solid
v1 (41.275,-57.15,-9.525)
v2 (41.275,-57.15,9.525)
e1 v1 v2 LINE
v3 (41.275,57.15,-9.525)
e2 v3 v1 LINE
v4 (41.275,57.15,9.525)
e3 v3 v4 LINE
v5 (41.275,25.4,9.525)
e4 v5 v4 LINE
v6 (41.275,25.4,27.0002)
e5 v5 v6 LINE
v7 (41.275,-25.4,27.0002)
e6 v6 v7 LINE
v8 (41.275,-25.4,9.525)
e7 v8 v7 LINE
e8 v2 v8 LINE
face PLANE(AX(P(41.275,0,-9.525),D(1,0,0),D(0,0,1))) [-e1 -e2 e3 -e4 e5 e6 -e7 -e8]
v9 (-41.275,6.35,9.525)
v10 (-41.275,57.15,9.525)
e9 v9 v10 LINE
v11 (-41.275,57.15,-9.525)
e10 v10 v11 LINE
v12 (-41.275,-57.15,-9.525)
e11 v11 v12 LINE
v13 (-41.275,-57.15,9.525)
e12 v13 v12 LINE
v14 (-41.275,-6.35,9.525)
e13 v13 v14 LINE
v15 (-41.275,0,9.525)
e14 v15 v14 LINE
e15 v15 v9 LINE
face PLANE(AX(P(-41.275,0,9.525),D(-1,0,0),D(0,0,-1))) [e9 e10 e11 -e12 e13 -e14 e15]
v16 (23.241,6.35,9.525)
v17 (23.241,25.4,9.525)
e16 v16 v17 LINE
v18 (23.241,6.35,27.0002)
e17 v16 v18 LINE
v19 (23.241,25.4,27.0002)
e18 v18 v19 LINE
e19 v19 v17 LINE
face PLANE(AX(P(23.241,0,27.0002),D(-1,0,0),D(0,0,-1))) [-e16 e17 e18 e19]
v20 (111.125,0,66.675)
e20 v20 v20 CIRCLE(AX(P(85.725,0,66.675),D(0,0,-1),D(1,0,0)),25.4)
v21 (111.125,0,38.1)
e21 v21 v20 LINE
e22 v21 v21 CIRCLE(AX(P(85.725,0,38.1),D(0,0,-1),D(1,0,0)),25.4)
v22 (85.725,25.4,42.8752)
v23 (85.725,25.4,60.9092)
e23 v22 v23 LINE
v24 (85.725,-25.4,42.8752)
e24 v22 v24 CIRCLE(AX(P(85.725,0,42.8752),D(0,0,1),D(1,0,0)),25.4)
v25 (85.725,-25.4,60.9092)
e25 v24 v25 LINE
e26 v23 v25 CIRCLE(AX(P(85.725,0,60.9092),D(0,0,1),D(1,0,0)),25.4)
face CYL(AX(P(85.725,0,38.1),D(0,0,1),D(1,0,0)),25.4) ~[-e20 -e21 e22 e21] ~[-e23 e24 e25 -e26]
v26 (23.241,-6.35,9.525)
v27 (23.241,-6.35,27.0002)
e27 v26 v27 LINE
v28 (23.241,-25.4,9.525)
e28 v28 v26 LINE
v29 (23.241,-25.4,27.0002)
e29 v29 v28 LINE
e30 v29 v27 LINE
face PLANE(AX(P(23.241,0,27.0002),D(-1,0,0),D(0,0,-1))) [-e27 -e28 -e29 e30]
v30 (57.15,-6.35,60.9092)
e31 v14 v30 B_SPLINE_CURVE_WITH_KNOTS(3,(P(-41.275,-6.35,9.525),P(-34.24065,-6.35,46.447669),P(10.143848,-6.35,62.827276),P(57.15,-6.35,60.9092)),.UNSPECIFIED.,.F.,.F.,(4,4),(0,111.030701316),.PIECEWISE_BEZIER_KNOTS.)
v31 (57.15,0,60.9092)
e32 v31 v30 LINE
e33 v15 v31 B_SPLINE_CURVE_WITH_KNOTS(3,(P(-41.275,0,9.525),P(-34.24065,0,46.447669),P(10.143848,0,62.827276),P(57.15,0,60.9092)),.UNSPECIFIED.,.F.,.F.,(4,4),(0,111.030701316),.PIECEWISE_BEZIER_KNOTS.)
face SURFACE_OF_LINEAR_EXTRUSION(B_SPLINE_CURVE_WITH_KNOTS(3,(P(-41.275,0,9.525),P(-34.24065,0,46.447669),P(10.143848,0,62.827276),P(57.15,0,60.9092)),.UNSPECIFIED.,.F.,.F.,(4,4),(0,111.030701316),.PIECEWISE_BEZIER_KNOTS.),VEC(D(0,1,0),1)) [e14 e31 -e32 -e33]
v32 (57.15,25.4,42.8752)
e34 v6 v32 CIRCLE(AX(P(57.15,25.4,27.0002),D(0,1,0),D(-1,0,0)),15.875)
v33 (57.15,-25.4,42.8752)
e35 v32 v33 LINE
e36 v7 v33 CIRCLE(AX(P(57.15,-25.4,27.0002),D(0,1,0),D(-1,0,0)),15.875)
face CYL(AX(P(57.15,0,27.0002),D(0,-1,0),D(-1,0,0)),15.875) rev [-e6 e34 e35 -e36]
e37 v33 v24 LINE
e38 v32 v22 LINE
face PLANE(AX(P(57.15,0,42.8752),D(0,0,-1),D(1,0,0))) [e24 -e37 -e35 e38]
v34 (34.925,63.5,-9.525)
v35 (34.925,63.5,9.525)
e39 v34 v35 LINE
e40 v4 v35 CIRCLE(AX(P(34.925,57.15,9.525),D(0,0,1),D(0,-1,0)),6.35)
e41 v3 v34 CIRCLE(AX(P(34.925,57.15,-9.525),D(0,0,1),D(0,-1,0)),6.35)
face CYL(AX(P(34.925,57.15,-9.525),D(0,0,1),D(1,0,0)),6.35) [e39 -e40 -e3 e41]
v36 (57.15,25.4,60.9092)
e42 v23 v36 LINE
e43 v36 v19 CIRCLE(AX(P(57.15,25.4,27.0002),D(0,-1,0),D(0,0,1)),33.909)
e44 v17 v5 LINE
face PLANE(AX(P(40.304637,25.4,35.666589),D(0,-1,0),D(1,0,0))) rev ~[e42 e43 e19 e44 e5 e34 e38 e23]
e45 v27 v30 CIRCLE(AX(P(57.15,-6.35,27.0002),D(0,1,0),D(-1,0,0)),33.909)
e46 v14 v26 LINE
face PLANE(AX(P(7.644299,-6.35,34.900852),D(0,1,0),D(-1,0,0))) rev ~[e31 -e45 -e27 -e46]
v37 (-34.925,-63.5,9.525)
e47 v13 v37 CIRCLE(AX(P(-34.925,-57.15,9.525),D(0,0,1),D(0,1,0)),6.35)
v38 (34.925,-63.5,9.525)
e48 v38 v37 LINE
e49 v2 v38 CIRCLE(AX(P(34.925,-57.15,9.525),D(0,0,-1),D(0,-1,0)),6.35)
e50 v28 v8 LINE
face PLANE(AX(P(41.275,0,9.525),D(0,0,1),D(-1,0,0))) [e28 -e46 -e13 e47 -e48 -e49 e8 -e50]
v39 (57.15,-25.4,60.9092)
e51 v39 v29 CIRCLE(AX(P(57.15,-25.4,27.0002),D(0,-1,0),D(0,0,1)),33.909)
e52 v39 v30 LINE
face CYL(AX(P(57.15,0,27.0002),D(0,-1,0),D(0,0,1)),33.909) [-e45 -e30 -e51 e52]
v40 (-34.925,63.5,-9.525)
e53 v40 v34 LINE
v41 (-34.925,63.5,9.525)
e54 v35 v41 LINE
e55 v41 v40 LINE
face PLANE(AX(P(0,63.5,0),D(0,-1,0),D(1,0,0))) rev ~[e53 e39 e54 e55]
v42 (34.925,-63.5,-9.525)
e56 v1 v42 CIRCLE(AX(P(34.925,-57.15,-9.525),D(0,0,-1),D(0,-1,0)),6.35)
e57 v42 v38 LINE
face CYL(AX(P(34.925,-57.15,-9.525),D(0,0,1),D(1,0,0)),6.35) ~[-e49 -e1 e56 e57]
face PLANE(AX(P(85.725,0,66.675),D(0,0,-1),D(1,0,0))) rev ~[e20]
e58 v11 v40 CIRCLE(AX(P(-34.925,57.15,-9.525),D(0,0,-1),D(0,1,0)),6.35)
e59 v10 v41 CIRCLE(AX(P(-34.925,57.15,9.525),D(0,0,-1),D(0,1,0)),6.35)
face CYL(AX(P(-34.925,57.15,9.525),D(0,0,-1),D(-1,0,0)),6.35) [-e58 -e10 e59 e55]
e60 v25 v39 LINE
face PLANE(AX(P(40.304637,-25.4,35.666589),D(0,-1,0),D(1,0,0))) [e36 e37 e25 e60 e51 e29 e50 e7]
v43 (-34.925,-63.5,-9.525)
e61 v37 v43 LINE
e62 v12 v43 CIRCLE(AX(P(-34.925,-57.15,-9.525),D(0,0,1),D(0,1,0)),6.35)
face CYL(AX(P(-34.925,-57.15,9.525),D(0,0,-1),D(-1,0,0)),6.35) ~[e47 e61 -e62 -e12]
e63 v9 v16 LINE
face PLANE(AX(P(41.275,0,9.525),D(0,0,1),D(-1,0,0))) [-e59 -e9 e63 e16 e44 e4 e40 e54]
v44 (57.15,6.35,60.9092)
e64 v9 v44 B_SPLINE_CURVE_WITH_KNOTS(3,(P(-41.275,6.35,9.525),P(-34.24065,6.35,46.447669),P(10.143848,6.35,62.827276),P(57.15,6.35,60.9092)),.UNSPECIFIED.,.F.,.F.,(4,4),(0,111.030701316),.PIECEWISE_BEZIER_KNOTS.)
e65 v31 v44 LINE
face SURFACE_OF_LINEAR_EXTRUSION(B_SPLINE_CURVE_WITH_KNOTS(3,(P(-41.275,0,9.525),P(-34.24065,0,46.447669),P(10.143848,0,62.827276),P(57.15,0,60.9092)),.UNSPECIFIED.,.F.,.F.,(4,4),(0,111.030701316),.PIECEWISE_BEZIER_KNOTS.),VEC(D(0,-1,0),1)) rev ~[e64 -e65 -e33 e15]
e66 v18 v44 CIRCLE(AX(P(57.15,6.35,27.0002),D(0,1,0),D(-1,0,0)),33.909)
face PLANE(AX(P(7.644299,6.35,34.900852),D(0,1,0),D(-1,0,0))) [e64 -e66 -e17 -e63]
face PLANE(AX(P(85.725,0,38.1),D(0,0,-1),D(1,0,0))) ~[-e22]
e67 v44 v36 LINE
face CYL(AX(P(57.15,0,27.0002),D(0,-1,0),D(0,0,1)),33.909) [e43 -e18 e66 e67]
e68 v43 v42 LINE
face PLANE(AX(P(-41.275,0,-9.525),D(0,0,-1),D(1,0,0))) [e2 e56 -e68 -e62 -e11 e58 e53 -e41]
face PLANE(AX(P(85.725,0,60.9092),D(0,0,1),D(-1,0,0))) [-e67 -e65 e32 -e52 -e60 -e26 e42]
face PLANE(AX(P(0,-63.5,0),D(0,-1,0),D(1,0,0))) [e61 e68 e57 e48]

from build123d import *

# Parameters (mm, degrees)
F1_DEPTH = 63.5
F0_W     = 25.4
F0_H     = 18.034
F2_DEPTH = 25.4
F3_DEPTH = 6.35
F5_R     = 6.35


with BuildPart() as f1:
    # F0 (on Front) → F1 (new body, symmetric)
    with BuildSketch(Plane.XZ):
        Polygon((-41.275, 9.525), (-41.275, -9.525), (41.275, -9.525), (41.275, 9.525), (23.241, 9.525), align=None)
    extrude(amount=F1_DEPTH, both=True)

    # F0 (on Front) → F2 (join, symmetric)
    with BuildSketch(Plane.XZ):
        with BuildLine():
            Line((23.241, 9.525), (41.275, 9.525))
            Line((41.275, 9.525), (41.275, 27.0002))
            ThreePointArc((41.275, 27.0002), (45.9246798487, 38.2255201513), (57.15, 42.8752))
            Line((57.15, 42.8752), (60.325, 42.8752))
            Line((60.325, 42.8752), (60.325, 60.9092))
            Line((60.325, 60.9092), (57.15, 60.9092))
            ThreePointArc((57.15, 60.9092), (33.1727161567, 50.9774838433), (23.241, 27.0002))
            Line((23.241, 27.0002), (23.241, 9.525))
        make_face()
        with Locations((73.025, 51.8922)):
            Rectangle(F0_W, F0_H)
    extrude(amount=F2_DEPTH, both=True)

    # F0 (on Front) → F3 (join, symmetric)
    with BuildSketch(Plane.XZ):
        with BuildLine():
            add(Edge.make_bspline(
                [(-41.275, 9.525), (-34.2406501154, 46.4476686137), (10.1438477317, 62.8272760307), (57.15, 60.9092)],
                knots=[0, 0, 0, 0, 111.0307013156, 111.0307013156, 111.0307013156, 111.0307013156], degree=3))
            Line((-41.275, 9.525), (23.241, 9.525))
            Line((23.241, 9.525), (23.241, 27.0002))
            ThreePointArc((23.241, 27.0002), (33.1727161567, 50.9774838433), (57.15, 60.9092))
        make_face()
    extrude(amount=F3_DEPTH, both=True)

    # F0 (on Front) → F4 (revolve)
    with BuildSketch(Plane.XZ):
        Polygon((85.725, 66.675), (85.725, 60.9092), (85.725, 42.8752), (85.725, 38.1), (111.125, 38.1), (111.125, 66.675), align=None)
    revolve(axis=Axis((85.725, 0, 52.3875), (0, 0, -1)))

    # F5
    f5_edges = [f1.edges().sort_by_distance(p)[0] for p in [
        (-41.275, -63.5, 0),
        (41.275, -63.5, 0),
        (-41.275, 63.5, 0),
        (41.275, 63.5, 0),
    ]]
    fillet(f5_edges, radius=F5_R)


solid = f1.part
